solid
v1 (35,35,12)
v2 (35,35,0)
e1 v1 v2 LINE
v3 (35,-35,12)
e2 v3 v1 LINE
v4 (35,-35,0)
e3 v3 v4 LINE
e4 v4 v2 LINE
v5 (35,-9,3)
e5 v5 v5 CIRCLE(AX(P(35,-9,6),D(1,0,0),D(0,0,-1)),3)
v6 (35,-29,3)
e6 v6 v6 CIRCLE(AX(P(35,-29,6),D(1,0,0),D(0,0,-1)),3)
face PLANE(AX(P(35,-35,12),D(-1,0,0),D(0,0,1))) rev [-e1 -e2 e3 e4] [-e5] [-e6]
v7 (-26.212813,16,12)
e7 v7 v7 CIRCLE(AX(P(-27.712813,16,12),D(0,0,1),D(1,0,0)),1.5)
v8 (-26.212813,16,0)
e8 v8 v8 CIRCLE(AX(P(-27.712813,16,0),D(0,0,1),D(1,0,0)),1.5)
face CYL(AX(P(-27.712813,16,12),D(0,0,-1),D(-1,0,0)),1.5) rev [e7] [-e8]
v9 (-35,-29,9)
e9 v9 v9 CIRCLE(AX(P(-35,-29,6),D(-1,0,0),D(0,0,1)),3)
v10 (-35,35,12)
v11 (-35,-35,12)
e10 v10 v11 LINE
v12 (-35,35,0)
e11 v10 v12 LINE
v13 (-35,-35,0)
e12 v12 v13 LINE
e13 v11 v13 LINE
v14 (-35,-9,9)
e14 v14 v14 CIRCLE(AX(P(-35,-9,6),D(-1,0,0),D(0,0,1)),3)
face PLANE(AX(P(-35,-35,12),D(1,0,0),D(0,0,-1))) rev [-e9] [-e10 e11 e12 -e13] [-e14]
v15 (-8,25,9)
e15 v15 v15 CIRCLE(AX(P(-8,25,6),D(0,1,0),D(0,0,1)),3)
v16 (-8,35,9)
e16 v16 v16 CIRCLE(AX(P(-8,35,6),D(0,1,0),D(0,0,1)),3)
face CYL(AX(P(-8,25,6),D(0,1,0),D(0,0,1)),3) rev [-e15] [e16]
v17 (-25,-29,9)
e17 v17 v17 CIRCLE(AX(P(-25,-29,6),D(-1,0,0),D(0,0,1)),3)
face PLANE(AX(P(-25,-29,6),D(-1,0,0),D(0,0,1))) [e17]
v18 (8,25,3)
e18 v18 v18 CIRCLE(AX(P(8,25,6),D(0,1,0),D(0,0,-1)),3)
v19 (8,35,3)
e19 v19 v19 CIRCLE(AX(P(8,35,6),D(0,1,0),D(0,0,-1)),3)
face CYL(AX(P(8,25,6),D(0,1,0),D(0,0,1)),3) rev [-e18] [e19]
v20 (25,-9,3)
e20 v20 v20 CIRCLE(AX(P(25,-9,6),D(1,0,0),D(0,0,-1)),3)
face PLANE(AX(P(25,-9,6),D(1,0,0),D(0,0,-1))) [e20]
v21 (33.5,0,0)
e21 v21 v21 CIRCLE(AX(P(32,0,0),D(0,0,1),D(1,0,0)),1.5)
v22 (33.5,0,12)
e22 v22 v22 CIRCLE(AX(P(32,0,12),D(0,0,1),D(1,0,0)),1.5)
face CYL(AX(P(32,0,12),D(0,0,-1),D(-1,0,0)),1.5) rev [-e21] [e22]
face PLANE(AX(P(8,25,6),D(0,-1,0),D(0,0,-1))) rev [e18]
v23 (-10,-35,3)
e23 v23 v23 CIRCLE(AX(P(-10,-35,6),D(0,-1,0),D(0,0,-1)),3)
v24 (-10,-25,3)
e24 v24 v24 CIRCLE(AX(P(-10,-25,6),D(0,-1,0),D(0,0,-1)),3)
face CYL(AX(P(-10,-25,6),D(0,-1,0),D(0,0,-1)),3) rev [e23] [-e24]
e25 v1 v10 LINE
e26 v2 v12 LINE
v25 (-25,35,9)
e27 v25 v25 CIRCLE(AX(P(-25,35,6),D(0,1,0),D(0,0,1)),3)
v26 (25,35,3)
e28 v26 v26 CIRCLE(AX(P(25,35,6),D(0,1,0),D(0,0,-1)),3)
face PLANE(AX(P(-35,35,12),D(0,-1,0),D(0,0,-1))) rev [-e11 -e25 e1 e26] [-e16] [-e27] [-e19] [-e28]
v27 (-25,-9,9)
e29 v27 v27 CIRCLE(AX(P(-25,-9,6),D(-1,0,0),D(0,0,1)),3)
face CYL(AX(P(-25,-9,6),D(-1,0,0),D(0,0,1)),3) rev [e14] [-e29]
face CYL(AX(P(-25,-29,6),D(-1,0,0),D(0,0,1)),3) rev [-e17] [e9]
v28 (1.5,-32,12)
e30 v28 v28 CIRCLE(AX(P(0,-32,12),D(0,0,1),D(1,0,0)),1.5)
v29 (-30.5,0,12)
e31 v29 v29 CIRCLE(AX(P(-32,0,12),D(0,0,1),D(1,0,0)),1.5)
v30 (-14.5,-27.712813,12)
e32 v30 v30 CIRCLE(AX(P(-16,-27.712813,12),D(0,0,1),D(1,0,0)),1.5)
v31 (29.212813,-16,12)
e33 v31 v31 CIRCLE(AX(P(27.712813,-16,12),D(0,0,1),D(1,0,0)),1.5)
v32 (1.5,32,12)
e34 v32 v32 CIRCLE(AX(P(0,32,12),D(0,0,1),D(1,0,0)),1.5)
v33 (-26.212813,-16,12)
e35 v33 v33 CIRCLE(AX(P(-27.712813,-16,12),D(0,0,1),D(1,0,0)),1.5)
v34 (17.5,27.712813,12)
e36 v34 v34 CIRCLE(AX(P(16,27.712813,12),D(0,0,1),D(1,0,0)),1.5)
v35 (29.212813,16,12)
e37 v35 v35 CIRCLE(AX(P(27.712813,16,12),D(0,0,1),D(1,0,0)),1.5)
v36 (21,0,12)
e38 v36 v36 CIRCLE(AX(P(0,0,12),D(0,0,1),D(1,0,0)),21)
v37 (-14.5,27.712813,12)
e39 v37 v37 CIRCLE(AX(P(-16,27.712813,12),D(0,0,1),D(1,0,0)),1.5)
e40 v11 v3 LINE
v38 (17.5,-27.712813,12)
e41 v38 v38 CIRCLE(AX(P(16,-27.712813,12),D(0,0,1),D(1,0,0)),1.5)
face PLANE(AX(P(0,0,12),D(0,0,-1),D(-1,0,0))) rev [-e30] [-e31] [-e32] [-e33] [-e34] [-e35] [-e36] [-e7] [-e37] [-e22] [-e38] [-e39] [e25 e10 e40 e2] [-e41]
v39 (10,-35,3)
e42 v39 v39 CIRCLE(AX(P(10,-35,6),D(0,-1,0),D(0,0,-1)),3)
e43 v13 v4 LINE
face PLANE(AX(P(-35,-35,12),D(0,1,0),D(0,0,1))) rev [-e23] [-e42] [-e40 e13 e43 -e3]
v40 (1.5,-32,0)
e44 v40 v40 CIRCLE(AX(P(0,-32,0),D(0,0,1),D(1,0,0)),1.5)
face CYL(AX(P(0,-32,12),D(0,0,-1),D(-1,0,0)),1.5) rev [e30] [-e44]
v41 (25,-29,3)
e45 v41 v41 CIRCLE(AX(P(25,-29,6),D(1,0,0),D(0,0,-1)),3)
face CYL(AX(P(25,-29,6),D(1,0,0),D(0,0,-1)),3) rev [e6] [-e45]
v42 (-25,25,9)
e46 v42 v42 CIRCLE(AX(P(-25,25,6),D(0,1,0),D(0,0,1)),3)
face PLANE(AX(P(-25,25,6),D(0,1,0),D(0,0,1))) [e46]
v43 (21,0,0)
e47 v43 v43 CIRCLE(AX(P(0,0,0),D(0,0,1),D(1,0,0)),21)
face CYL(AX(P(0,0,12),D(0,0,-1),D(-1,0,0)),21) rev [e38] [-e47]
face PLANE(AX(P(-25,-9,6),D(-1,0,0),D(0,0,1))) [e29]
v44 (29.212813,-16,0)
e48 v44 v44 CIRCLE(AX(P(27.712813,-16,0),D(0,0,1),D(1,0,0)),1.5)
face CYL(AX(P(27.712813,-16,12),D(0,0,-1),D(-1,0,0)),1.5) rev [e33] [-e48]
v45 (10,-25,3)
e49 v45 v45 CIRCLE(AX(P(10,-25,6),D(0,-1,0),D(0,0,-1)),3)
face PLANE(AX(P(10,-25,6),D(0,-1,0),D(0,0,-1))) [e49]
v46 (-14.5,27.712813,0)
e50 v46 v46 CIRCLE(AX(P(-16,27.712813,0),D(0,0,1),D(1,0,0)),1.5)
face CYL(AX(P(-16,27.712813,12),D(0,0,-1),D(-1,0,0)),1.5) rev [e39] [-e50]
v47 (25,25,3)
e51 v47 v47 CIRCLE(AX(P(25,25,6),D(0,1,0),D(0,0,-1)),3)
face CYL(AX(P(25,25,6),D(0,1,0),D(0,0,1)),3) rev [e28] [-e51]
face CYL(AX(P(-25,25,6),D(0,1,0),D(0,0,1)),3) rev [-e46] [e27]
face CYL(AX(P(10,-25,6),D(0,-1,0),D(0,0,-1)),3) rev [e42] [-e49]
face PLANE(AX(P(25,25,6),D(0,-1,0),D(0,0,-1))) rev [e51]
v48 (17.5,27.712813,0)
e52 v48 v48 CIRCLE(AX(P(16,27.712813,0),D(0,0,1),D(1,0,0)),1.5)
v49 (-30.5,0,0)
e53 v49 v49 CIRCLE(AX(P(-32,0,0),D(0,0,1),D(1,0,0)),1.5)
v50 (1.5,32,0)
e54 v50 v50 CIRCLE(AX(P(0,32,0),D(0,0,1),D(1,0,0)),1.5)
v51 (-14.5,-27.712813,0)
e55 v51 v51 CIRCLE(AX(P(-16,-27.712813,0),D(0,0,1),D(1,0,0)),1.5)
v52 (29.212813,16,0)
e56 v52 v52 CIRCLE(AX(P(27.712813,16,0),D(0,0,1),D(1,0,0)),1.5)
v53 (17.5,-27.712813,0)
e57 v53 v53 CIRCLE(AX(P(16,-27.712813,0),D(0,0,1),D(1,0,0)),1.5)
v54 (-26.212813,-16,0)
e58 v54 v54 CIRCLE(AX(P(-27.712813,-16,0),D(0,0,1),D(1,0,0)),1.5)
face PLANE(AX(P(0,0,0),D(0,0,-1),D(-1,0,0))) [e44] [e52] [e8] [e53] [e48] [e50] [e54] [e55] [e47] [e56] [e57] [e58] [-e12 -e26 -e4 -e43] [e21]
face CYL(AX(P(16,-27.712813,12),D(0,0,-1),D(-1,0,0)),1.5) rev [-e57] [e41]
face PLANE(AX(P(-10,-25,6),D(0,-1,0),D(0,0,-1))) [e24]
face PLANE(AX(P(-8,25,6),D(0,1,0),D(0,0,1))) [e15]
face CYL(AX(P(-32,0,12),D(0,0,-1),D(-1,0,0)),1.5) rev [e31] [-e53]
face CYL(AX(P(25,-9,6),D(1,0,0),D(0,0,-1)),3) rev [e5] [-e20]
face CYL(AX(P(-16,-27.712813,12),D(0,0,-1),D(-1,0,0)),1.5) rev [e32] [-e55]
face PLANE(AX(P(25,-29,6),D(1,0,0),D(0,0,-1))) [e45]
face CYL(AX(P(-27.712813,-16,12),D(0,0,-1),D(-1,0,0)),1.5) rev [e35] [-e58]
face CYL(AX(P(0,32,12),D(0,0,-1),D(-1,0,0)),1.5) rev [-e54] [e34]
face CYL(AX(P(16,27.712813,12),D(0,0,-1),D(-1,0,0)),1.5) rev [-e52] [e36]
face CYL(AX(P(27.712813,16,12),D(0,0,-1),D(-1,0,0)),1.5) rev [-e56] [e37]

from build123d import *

# Parameters (mm, degrees)
SKETCH_1_W          = 70
SKETCH_1_H          = 70
SKETCH_1_R          = 1.5
SKETCH_1_R_2        = 21
EXTRUDE_1_DEPTH     = 12
SKETCH_3_R          = 3
CUT_EXTRUDE_2_DEPTH = 10
SKETCH_4_R          = 3
CUT_EXTRUDE_3_DEPTH = 10
CUT_EXTRUDE_START   = -10
SKETCH_5_R          = 3
CUT_EXTRUDE_4_DEPTH = 10
SKETCH_6_R          = 3
CUT_EXTRUDE_5_DEPTH = 10


with BuildPart() as part:
    # 草图1 → 凸台-拉伸1 (new body)
    with BuildSketch(Plane.XY):
        Rectangle(SKETCH_1_W, SKETCH_1_H)
        with Locations((32, 0)):
            Circle(SKETCH_1_R, mode=Mode.SUBTRACT)
        with Locations((27.712812921, -16)):
            Circle(SKETCH_1_R, mode=Mode.SUBTRACT)
        with Locations((16, -27.712812921)):
            Circle(SKETCH_1_R, mode=Mode.SUBTRACT)
        with Locations((0, -32)):
            Circle(SKETCH_1_R, mode=Mode.SUBTRACT)
        with Locations((-16, -27.712812921)):
            Circle(SKETCH_1_R, mode=Mode.SUBTRACT)
        with Locations((-27.712812921, -16)):
            Circle(SKETCH_1_R, mode=Mode.SUBTRACT)
        with Locations((-32, 0)):
            Circle(SKETCH_1_R, mode=Mode.SUBTRACT)
        with Locations((-27.712812921, 16)):
            Circle(SKETCH_1_R, mode=Mode.SUBTRACT)
        with Locations((-16, 27.712812921)):
            Circle(SKETCH_1_R, mode=Mode.SUBTRACT)
        with Locations((0, 32)):
            Circle(SKETCH_1_R, mode=Mode.SUBTRACT)
        with Locations((16, 27.712812921)):
            Circle(SKETCH_1_R, mode=Mode.SUBTRACT)
        with Locations((27.712812921, 16)):
            Circle(SKETCH_1_R, mode=Mode.SUBTRACT)
        Circle(SKETCH_1_R_2, mode=Mode.SUBTRACT)
    extrude(amount=EXTRUDE_1_DEPTH)

    # 草图3 → 切除-拉伸2 (cut)
    with BuildSketch(Plane(origin=(0, 35, 0), x_dir=(1, 0, 0), z_dir=(0, 1, 0))):
        with Locations(Location((-25, -6, 0), (0, 0, 270))):
            Circle(SKETCH_3_R)
        with Locations(Location((-8, -6, 0), (0, 0, 270))):
            Circle(SKETCH_3_R)
        with Locations(Location((25, -6, 0), (0, 0, 90))):
            Circle(SKETCH_3_R)
        with Locations(Location((8, -6, 0), (0, 0, 90))):
            Circle(SKETCH_3_R)
    extrude(amount=-CUT_EXTRUDE_2_DEPTH, mode=Mode.SUBTRACT)

    # 草图4 → 切除-拉伸3 (cut)
    with BuildSketch(Plane(origin=(35, 0, 0), x_dir=(0, 0, -1), z_dir=(1, 0, 0))):
        with Locations((-6, -9)):
            Circle(SKETCH_4_R)
        with Locations((-6, -29)):
            Circle(SKETCH_4_R)
    extrude(amount=-CUT_EXTRUDE_3_DEPTH, mode=Mode.SUBTRACT)

    # 草图5 → 切除-拉伸4 (cut)
    with BuildSketch(Plane.ZY.offset(35).offset(CUT_EXTRUDE_START)):
        with Locations(Location((6, -29, 0), (0, 0, 180))):
            Circle(SKETCH_5_R)
        with Locations(Location((6, -9, 0), (0, 0, 180))):
            Circle(SKETCH_5_R)
    extrude(amount=CUT_EXTRUDE_4_DEPTH, mode=Mode.SUBTRACT)

    # 草图6 → 切除-拉伸5 (cut)
    with BuildSketch(Plane.XZ.offset(35)):
        with Locations(Location((10, 6, 0), (0, 0, 270))):
            Circle(SKETCH_6_R)
        with Locations(Location((-10, 6, 0), (0, 0, 270))):
            Circle(SKETCH_6_R)
    extrude(amount=-CUT_EXTRUDE_5_DEPTH, mode=Mode.SUBTRACT)


solid = part.part
